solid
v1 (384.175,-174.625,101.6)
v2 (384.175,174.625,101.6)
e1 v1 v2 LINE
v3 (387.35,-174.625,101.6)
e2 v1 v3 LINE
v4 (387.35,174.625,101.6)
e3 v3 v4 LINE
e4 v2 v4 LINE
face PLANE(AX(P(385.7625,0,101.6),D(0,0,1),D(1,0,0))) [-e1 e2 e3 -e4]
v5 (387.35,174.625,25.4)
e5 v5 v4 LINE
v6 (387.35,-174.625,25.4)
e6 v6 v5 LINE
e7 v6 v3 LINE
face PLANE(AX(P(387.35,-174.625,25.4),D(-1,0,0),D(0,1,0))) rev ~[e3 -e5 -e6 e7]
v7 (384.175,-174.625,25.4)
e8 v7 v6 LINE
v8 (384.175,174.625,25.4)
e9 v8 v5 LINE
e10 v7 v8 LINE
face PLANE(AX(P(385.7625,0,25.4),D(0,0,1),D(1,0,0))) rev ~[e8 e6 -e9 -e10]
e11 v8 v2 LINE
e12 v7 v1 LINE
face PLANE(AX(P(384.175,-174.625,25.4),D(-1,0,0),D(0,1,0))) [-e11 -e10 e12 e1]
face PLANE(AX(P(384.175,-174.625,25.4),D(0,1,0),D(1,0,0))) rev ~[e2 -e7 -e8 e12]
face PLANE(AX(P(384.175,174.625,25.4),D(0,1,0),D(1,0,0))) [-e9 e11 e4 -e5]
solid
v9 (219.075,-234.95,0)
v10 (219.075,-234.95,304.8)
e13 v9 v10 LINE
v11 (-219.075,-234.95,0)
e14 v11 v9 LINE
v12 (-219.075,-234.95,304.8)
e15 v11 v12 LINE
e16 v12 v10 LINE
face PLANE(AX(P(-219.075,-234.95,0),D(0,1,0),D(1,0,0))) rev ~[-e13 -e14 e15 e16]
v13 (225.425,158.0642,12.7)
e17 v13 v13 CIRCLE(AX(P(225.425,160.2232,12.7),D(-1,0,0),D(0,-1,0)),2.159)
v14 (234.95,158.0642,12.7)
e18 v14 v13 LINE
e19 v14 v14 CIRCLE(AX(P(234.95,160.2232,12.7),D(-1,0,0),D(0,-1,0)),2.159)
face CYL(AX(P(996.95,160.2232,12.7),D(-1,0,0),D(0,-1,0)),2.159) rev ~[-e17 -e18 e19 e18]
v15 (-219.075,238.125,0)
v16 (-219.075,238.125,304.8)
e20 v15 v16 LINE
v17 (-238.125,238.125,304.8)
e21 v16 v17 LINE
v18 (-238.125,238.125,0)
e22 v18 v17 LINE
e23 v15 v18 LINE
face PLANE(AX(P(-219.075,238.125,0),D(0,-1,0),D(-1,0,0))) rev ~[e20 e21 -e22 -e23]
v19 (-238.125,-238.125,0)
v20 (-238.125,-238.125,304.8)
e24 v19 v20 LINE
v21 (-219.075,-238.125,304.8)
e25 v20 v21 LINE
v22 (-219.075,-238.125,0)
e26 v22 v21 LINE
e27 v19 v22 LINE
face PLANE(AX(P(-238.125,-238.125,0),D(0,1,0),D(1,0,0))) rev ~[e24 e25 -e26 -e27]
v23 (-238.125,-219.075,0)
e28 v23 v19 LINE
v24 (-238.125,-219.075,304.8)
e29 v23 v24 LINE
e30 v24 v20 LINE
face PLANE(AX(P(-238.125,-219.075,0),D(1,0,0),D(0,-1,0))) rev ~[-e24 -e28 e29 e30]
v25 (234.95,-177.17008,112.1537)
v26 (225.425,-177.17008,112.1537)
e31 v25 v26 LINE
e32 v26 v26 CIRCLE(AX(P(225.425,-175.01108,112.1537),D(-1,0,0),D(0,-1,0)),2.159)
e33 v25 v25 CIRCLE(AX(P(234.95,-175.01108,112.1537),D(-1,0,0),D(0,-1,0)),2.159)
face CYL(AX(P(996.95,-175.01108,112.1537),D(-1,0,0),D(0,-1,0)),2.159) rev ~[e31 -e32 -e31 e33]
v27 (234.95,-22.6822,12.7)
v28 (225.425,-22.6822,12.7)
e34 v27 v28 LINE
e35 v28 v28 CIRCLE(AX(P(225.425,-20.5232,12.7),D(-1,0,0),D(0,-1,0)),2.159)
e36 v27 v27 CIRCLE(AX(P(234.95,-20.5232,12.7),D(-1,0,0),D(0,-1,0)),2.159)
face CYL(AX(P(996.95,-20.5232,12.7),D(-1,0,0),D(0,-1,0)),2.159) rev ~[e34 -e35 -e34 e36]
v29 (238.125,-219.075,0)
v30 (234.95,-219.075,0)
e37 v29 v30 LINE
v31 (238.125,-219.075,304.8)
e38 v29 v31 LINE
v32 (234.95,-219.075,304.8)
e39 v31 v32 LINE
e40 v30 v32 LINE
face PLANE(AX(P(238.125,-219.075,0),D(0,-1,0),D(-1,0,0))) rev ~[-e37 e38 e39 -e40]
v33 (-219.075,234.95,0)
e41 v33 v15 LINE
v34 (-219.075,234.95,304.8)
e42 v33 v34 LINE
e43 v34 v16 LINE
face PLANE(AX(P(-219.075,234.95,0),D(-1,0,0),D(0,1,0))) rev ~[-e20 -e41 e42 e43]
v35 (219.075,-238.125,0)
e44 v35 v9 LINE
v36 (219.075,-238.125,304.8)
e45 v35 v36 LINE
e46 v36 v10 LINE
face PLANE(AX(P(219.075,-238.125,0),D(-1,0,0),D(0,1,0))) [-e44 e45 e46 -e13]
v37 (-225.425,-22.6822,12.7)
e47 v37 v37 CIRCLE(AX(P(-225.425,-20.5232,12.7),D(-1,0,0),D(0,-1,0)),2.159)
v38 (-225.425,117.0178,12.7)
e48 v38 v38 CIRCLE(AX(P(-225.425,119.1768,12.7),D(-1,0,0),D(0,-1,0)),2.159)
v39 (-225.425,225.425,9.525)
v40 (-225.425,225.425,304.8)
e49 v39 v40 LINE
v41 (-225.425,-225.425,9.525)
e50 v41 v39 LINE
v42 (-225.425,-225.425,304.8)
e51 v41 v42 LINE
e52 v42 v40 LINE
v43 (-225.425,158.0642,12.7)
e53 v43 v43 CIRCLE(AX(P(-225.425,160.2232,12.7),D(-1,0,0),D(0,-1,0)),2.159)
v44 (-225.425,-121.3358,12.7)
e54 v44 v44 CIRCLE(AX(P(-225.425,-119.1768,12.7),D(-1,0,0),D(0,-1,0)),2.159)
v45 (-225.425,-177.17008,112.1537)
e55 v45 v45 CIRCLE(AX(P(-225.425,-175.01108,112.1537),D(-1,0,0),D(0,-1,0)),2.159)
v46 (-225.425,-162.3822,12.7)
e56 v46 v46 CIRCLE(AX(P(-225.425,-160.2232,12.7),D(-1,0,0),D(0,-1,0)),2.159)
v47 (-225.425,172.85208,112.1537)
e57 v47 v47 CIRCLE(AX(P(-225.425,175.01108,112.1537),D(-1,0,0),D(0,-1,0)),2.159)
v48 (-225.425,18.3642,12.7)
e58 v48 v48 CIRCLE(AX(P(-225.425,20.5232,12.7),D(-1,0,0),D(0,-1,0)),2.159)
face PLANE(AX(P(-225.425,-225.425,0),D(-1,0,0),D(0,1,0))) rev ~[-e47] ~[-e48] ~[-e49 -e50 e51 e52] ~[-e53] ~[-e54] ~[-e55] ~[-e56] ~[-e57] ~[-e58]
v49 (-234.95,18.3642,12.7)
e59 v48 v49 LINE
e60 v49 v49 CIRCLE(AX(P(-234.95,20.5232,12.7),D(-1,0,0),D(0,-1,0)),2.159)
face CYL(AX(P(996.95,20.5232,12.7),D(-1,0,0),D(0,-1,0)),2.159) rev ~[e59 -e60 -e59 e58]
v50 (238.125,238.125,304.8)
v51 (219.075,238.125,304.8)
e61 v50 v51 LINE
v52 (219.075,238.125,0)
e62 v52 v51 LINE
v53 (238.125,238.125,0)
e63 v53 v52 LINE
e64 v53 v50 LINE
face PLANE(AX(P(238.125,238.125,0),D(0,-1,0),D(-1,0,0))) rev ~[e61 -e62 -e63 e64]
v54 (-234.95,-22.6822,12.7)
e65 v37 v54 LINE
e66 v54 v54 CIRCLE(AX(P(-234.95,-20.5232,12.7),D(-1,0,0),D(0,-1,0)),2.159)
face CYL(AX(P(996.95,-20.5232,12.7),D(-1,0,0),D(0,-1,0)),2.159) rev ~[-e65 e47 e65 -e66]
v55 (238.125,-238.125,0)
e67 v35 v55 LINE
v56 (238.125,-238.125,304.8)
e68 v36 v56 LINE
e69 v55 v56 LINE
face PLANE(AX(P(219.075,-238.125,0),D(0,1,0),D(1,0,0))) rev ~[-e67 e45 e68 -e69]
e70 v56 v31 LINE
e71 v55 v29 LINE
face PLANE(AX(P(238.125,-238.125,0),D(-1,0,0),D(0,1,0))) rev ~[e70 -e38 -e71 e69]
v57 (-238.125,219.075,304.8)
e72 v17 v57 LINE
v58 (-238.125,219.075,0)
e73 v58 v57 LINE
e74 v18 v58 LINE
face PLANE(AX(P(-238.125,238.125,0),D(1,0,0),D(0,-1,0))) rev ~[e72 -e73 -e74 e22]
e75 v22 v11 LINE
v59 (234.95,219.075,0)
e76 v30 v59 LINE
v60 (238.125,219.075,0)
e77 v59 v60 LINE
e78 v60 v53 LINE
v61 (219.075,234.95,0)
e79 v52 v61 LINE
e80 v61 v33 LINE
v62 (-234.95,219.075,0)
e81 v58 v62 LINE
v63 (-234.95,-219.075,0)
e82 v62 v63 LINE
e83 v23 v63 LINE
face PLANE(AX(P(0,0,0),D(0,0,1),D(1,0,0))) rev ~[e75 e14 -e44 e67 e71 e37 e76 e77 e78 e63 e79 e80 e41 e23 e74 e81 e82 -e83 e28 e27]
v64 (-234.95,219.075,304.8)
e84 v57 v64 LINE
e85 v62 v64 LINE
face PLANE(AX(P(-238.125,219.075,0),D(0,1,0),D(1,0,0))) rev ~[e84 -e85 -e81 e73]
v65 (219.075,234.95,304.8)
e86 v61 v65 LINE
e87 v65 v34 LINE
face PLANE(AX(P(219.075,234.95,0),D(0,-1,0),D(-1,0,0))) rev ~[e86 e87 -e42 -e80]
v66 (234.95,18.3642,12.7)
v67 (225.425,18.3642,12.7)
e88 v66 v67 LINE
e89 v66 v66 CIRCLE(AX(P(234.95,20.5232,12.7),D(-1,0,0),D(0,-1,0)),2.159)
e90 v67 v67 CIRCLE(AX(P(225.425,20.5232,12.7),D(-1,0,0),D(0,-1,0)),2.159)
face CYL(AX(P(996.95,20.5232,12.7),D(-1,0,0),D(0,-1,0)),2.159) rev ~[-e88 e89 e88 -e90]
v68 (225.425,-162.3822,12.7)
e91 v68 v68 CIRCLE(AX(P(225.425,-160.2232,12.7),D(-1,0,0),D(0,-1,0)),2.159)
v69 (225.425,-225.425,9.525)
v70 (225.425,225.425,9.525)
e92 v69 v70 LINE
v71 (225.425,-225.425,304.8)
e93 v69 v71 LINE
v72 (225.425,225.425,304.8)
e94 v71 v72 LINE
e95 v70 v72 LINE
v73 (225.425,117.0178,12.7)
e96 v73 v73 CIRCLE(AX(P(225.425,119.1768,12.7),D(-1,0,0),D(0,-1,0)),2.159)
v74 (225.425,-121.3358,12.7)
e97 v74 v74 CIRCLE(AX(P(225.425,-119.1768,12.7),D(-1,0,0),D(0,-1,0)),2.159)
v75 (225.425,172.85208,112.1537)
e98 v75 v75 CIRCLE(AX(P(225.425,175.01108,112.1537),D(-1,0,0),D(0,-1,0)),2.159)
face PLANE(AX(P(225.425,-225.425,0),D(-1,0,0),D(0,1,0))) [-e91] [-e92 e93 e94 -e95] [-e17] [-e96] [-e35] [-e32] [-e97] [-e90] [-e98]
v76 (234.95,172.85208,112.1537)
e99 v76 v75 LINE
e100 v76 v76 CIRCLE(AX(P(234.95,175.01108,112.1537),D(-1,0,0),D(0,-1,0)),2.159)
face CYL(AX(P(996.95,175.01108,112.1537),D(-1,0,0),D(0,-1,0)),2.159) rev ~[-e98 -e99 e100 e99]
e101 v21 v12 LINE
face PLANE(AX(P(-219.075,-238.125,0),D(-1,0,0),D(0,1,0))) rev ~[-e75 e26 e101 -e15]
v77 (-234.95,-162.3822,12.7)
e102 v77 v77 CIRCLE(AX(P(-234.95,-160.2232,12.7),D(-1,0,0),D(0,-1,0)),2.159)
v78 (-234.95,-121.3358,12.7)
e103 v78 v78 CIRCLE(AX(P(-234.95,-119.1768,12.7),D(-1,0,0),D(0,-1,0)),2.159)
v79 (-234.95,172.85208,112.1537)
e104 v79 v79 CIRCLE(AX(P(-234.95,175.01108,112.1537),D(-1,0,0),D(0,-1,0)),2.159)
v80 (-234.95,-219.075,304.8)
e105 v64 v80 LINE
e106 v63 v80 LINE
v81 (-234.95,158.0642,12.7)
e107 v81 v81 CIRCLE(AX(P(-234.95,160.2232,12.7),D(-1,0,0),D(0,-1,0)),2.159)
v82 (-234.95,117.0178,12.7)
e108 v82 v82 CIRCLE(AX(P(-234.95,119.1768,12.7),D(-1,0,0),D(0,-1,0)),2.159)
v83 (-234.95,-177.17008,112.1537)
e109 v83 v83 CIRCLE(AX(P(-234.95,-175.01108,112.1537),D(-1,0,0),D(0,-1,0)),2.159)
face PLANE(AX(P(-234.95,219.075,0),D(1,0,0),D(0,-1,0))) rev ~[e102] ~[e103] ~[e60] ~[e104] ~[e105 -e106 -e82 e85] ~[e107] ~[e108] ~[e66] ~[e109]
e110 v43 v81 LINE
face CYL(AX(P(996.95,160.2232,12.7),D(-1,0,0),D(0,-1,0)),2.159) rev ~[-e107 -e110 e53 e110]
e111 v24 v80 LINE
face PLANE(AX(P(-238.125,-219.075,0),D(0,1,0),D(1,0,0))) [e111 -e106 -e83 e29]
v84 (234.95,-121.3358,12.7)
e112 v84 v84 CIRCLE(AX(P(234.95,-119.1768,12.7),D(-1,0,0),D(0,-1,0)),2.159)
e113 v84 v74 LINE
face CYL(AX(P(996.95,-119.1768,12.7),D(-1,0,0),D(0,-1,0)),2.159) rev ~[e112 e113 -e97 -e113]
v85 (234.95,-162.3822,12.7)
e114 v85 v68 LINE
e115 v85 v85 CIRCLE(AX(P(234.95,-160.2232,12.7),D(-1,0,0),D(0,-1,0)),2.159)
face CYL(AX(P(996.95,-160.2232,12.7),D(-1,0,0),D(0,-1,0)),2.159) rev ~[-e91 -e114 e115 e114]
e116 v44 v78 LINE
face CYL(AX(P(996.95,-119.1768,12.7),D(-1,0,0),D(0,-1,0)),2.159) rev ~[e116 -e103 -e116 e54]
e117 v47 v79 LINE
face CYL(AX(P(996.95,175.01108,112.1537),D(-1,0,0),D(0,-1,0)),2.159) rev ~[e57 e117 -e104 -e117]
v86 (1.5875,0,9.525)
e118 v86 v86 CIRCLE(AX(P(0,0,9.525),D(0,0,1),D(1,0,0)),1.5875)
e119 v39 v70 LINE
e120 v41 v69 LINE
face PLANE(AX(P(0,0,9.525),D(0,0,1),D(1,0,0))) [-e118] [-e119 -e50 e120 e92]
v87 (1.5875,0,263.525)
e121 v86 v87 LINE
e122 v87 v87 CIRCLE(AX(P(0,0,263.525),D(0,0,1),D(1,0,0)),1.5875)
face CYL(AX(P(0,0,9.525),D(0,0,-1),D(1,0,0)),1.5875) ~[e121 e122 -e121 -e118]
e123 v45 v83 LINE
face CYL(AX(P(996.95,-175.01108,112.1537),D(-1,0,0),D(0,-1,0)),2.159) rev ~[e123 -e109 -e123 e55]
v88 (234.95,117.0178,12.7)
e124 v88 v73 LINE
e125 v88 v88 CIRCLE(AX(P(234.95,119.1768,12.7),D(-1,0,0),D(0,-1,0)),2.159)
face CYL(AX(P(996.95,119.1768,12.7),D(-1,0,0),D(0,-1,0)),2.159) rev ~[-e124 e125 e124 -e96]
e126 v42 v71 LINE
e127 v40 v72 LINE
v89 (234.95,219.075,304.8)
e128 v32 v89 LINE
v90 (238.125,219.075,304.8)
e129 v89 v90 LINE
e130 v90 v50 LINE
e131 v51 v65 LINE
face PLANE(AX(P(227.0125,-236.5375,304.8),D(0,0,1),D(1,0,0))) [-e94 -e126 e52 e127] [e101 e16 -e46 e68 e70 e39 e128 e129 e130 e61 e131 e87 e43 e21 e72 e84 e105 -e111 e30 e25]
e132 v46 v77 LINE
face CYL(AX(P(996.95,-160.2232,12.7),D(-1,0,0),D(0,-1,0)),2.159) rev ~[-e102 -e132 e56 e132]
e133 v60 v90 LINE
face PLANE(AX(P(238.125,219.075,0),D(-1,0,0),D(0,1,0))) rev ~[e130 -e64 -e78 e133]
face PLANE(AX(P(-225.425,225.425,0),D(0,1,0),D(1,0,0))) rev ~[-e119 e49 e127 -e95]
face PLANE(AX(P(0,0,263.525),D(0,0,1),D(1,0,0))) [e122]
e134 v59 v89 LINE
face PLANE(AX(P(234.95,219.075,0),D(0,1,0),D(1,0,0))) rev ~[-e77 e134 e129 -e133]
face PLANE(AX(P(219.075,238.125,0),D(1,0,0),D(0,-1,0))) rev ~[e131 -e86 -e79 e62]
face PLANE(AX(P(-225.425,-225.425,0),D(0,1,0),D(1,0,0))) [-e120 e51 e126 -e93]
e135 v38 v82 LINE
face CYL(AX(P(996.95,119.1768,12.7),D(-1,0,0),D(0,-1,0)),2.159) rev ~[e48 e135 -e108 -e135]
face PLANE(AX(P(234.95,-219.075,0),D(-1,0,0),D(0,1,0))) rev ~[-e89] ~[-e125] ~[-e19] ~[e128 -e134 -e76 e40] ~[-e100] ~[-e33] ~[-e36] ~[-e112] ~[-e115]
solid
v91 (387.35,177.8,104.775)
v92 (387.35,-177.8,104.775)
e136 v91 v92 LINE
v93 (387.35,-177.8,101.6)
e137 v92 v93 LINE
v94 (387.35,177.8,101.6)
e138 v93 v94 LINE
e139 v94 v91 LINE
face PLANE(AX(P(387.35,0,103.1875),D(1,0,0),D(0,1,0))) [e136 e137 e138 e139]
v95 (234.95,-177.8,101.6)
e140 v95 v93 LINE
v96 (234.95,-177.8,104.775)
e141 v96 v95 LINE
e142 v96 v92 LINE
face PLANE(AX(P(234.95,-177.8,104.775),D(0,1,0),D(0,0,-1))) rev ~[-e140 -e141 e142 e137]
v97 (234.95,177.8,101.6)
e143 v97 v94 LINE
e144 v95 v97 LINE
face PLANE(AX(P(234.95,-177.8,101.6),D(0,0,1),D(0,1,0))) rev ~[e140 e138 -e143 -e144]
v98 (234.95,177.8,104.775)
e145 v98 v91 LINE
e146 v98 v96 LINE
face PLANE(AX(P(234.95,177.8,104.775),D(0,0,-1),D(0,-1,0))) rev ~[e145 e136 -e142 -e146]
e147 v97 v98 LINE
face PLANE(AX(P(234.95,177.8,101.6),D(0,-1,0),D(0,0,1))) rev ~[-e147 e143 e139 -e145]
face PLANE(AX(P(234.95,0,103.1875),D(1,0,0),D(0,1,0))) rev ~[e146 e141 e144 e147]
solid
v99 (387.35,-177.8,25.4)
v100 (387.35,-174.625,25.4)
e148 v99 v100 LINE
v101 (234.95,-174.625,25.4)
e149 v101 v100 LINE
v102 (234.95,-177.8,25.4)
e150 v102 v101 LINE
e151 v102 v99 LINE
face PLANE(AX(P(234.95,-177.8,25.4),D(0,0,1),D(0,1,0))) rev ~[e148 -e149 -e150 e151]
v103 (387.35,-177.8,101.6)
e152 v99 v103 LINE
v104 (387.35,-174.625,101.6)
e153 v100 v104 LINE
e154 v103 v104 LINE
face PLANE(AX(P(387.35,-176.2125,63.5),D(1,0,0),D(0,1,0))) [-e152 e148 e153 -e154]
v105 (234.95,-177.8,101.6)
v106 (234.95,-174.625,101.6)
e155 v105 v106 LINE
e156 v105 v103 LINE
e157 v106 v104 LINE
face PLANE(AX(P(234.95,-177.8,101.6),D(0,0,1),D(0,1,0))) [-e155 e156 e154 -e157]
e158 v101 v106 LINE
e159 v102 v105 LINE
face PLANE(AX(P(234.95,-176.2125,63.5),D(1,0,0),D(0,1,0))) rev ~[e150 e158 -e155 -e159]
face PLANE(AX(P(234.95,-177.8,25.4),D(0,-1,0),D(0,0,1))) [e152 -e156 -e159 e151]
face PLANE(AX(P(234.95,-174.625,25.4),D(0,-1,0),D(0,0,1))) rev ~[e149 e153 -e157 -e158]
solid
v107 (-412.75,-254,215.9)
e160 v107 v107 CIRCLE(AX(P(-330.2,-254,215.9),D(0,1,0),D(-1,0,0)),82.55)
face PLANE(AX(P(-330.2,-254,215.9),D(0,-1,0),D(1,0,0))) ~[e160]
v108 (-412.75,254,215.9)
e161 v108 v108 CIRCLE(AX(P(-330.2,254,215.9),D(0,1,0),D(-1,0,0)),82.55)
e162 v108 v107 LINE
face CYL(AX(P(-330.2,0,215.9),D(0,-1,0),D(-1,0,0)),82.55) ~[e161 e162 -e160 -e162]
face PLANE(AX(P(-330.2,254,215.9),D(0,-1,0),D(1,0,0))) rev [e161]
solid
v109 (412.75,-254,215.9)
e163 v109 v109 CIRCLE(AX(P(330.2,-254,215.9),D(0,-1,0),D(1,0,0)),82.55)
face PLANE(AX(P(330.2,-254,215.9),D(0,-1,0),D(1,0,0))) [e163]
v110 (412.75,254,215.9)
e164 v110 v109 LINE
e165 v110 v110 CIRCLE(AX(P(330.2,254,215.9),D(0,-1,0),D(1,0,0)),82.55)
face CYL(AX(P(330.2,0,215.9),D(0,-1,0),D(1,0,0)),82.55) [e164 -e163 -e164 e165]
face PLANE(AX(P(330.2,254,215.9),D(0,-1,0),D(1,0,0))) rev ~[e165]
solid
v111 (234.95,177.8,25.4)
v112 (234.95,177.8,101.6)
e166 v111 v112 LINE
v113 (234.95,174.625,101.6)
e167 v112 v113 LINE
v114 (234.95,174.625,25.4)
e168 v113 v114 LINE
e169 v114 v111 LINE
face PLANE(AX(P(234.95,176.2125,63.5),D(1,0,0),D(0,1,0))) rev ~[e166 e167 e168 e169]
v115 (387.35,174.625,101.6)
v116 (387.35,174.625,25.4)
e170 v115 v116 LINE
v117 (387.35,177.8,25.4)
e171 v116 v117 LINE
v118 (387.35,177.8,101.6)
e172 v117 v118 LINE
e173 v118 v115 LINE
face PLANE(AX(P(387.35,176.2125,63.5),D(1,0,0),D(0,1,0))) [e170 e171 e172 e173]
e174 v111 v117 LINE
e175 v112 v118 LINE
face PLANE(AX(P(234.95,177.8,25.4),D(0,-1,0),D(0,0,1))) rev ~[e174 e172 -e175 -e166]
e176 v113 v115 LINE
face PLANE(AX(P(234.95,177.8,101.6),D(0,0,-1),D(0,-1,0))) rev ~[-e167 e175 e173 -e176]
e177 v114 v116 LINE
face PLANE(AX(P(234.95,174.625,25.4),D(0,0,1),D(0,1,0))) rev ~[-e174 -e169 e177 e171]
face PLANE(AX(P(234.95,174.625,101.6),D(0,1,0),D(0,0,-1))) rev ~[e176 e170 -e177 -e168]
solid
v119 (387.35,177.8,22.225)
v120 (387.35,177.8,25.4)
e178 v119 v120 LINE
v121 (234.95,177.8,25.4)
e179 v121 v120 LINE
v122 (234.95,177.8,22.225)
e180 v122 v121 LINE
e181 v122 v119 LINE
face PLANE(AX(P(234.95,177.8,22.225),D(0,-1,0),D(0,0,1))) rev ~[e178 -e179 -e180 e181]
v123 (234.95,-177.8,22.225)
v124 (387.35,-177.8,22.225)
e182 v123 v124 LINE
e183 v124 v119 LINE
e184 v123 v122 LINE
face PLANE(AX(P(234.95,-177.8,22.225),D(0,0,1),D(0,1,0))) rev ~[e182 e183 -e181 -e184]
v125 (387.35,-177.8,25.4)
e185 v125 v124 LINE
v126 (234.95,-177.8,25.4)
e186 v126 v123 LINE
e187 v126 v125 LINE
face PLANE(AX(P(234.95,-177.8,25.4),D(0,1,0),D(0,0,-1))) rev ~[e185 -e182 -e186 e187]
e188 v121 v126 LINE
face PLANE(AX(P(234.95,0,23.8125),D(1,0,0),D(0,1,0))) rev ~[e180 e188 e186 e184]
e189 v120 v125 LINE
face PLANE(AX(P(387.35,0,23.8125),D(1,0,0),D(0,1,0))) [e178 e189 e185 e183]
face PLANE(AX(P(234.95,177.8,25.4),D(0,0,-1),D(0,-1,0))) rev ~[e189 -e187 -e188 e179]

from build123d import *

# Parameters (mm, degrees)
F0_W      = 15.875
F0_H      = 3.175
F0_W_2    = 450.85
F0_H_2    = 450.85
F0_W_3    = 3.175
F0_H_3    = 15.875
F1_DEPTH  = 304.8
F2_DEPTH  = 9.525
F4_DEPTH  = 254
F7_D      = 4.318
F7_DEPTH  = 762
F7_TIP    = 1.2972580765
F9_DEPTH  = 152.4
F8_W      = 3.175
F8_H      = 76.2
F10_DEPTH = 152.4
F11_W     = 3.175
F11_H     = 349.25
F12_DEPTH = 76.2
F13_R     = 1.5875
F14_DEPTH = 254


with BuildPart() as f1:
    # F0 (on Top) → F1 (new body)
    with BuildSketch(Plane.XY):
        with Locations((227.0125, -236.5375)):
            Rectangle(F0_W, F0_H)
        Polygon((219.075, -234.95), (234.95, -234.95), (234.95, -219.075), (234.95, 219.075), (234.95, 234.95), (219.075, 234.95), (-219.075, 234.95), (-234.95, 234.95), (-234.95, 219.075), (-234.95, -219.075), (-234.95, -234.95), (-219.075, -234.95), align=None)
        Rectangle(F0_W_2, F0_H_2, mode=Mode.SUBTRACT)
        Polygon((234.95, -219.075), (234.95, -234.95), (234.95, -238.125), (238.125, -238.125), (238.125, -219.075), align=None)
        Polygon((-219.075, -238.125), (-219.075, -234.95), (-234.95, -234.95), (-238.125, -234.95), (-238.125, -238.125), align=None)
        with Locations((236.5375, 227.0125)):
            Rectangle(F0_W_3, F0_H_3)
        with Locations((-236.5375, -227.0125)):
            Rectangle(F0_W_3, F0_H_3)
        Polygon((219.075, 234.95), (234.95, 234.95), (238.125, 234.95), (238.125, 238.125), (219.075, 238.125), align=None)
        Polygon((-238.125, 219.075), (-234.95, 219.075), (-234.95, 234.95), (-234.95, 238.125), (-238.125, 238.125), align=None)
        with Locations((-227.0125, 236.5375)):
            Rectangle(F0_W, F0_H)
    extrude(amount=F1_DEPTH)

    # F0 (on Top) → F2 (join)
    with BuildSketch(Plane.XY):
        Rectangle(F0_W_2, F0_H_2)
    extrude(amount=F2_DEPTH)

    # F7
    with Locations(Plane.YZ.offset(234.95)):
        with Locations((-175.01108, 112.1537), (175.01108, 112.1537), (160.2232, 12.7), (119.1768, 12.7), (20.5232, 12.7), (-119.1768, 12.7), (-160.2232, 12.7), (-20.5232, 12.7)):
            Hole(F7_D / 2, depth=F7_DEPTH)
            with Locations((0, 0, -(F7_DEPTH + F7_TIP / 2))):  # 118° drill point
                Cone(0, F7_D / 2, F7_TIP, mode=Mode.SUBTRACT)

    # F13 (on face) → F14 (join)
    with BuildSketch(Plane.XY.offset(9.525)):
        Circle(F13_R)
    extrude(amount=F14_DEPTH)


with BuildPart() as f4:
    # F3 (on Front) → F4 (new body, symmetric)
    with BuildSketch(Plane.XZ):
        with BuildLine():
            ThreePointArc((247.65, 215.9), (330.2, 133.35), (412.75, 215.9))
            ThreePointArc((412.75, 215.9), (330.2, 298.45), (247.65, 215.9))
        make_face()
    extrude(amount=F4_DEPTH, both=True)


with BuildPart() as f5_1:
    # F5: instance of F4
    add(f4.part.mirror(Plane.YZ))


with BuildPart() as f9:
    # F8 (on face) → F9 (new body)
    with BuildSketch(Plane.YZ.offset(234.95)):
        Polygon((-177.8, 22.225), (0, 22.225), (177.8, 22.225), (177.8, 25.4), (174.625, 25.4), (-174.625, 25.4), (-177.8, 25.4), align=None)
    extrude(amount=F9_DEPTH)


with BuildPart() as f9b:
    # F8 (on face) → F9, piece 2 (new body)
    with BuildSketch(Plane.YZ.offset(234.95)):
        Polygon((-177.8, 104.775), (-177.8, 101.6), (-174.625, 101.6), (174.625, 101.6), (177.8, 101.6), (177.8, 104.775), (0, 104.775), align=None)
    extrude(amount=F9_DEPTH)


with BuildPart() as f10:
    # F8 (on face) → F10 (new body)
    with BuildSketch(Plane.YZ.offset(234.95)):
        with Locations((-176.2125, 63.5)):
            Rectangle(F8_W, F8_H)
    extrude(amount=F10_DEPTH)


with BuildPart() as f10b:
    # F8 (on face) → F10, piece 2 (new body)
    with BuildSketch(Plane.YZ.offset(234.95)):
        Polygon((174.625, 25.4), (177.8, 25.4), (177.8, 101.6), (174.625, 101.6), (174.625, 63.5), align=None)
    extrude(amount=F10_DEPTH)


with BuildPart() as f12:
    # F11 (on face) → F12 (new body, through all)
    with BuildSketch(Plane.XY.offset(25.4)):
        with Locations((385.7625, 0)):
            Rectangle(F11_W, F11_H)
    extrude(amount=F12_DEPTH)


solid = Compound([f1.part, f4.part, f5_1.part, f9.part, f9b.part, f10.part, f10b.part, f12.part])
